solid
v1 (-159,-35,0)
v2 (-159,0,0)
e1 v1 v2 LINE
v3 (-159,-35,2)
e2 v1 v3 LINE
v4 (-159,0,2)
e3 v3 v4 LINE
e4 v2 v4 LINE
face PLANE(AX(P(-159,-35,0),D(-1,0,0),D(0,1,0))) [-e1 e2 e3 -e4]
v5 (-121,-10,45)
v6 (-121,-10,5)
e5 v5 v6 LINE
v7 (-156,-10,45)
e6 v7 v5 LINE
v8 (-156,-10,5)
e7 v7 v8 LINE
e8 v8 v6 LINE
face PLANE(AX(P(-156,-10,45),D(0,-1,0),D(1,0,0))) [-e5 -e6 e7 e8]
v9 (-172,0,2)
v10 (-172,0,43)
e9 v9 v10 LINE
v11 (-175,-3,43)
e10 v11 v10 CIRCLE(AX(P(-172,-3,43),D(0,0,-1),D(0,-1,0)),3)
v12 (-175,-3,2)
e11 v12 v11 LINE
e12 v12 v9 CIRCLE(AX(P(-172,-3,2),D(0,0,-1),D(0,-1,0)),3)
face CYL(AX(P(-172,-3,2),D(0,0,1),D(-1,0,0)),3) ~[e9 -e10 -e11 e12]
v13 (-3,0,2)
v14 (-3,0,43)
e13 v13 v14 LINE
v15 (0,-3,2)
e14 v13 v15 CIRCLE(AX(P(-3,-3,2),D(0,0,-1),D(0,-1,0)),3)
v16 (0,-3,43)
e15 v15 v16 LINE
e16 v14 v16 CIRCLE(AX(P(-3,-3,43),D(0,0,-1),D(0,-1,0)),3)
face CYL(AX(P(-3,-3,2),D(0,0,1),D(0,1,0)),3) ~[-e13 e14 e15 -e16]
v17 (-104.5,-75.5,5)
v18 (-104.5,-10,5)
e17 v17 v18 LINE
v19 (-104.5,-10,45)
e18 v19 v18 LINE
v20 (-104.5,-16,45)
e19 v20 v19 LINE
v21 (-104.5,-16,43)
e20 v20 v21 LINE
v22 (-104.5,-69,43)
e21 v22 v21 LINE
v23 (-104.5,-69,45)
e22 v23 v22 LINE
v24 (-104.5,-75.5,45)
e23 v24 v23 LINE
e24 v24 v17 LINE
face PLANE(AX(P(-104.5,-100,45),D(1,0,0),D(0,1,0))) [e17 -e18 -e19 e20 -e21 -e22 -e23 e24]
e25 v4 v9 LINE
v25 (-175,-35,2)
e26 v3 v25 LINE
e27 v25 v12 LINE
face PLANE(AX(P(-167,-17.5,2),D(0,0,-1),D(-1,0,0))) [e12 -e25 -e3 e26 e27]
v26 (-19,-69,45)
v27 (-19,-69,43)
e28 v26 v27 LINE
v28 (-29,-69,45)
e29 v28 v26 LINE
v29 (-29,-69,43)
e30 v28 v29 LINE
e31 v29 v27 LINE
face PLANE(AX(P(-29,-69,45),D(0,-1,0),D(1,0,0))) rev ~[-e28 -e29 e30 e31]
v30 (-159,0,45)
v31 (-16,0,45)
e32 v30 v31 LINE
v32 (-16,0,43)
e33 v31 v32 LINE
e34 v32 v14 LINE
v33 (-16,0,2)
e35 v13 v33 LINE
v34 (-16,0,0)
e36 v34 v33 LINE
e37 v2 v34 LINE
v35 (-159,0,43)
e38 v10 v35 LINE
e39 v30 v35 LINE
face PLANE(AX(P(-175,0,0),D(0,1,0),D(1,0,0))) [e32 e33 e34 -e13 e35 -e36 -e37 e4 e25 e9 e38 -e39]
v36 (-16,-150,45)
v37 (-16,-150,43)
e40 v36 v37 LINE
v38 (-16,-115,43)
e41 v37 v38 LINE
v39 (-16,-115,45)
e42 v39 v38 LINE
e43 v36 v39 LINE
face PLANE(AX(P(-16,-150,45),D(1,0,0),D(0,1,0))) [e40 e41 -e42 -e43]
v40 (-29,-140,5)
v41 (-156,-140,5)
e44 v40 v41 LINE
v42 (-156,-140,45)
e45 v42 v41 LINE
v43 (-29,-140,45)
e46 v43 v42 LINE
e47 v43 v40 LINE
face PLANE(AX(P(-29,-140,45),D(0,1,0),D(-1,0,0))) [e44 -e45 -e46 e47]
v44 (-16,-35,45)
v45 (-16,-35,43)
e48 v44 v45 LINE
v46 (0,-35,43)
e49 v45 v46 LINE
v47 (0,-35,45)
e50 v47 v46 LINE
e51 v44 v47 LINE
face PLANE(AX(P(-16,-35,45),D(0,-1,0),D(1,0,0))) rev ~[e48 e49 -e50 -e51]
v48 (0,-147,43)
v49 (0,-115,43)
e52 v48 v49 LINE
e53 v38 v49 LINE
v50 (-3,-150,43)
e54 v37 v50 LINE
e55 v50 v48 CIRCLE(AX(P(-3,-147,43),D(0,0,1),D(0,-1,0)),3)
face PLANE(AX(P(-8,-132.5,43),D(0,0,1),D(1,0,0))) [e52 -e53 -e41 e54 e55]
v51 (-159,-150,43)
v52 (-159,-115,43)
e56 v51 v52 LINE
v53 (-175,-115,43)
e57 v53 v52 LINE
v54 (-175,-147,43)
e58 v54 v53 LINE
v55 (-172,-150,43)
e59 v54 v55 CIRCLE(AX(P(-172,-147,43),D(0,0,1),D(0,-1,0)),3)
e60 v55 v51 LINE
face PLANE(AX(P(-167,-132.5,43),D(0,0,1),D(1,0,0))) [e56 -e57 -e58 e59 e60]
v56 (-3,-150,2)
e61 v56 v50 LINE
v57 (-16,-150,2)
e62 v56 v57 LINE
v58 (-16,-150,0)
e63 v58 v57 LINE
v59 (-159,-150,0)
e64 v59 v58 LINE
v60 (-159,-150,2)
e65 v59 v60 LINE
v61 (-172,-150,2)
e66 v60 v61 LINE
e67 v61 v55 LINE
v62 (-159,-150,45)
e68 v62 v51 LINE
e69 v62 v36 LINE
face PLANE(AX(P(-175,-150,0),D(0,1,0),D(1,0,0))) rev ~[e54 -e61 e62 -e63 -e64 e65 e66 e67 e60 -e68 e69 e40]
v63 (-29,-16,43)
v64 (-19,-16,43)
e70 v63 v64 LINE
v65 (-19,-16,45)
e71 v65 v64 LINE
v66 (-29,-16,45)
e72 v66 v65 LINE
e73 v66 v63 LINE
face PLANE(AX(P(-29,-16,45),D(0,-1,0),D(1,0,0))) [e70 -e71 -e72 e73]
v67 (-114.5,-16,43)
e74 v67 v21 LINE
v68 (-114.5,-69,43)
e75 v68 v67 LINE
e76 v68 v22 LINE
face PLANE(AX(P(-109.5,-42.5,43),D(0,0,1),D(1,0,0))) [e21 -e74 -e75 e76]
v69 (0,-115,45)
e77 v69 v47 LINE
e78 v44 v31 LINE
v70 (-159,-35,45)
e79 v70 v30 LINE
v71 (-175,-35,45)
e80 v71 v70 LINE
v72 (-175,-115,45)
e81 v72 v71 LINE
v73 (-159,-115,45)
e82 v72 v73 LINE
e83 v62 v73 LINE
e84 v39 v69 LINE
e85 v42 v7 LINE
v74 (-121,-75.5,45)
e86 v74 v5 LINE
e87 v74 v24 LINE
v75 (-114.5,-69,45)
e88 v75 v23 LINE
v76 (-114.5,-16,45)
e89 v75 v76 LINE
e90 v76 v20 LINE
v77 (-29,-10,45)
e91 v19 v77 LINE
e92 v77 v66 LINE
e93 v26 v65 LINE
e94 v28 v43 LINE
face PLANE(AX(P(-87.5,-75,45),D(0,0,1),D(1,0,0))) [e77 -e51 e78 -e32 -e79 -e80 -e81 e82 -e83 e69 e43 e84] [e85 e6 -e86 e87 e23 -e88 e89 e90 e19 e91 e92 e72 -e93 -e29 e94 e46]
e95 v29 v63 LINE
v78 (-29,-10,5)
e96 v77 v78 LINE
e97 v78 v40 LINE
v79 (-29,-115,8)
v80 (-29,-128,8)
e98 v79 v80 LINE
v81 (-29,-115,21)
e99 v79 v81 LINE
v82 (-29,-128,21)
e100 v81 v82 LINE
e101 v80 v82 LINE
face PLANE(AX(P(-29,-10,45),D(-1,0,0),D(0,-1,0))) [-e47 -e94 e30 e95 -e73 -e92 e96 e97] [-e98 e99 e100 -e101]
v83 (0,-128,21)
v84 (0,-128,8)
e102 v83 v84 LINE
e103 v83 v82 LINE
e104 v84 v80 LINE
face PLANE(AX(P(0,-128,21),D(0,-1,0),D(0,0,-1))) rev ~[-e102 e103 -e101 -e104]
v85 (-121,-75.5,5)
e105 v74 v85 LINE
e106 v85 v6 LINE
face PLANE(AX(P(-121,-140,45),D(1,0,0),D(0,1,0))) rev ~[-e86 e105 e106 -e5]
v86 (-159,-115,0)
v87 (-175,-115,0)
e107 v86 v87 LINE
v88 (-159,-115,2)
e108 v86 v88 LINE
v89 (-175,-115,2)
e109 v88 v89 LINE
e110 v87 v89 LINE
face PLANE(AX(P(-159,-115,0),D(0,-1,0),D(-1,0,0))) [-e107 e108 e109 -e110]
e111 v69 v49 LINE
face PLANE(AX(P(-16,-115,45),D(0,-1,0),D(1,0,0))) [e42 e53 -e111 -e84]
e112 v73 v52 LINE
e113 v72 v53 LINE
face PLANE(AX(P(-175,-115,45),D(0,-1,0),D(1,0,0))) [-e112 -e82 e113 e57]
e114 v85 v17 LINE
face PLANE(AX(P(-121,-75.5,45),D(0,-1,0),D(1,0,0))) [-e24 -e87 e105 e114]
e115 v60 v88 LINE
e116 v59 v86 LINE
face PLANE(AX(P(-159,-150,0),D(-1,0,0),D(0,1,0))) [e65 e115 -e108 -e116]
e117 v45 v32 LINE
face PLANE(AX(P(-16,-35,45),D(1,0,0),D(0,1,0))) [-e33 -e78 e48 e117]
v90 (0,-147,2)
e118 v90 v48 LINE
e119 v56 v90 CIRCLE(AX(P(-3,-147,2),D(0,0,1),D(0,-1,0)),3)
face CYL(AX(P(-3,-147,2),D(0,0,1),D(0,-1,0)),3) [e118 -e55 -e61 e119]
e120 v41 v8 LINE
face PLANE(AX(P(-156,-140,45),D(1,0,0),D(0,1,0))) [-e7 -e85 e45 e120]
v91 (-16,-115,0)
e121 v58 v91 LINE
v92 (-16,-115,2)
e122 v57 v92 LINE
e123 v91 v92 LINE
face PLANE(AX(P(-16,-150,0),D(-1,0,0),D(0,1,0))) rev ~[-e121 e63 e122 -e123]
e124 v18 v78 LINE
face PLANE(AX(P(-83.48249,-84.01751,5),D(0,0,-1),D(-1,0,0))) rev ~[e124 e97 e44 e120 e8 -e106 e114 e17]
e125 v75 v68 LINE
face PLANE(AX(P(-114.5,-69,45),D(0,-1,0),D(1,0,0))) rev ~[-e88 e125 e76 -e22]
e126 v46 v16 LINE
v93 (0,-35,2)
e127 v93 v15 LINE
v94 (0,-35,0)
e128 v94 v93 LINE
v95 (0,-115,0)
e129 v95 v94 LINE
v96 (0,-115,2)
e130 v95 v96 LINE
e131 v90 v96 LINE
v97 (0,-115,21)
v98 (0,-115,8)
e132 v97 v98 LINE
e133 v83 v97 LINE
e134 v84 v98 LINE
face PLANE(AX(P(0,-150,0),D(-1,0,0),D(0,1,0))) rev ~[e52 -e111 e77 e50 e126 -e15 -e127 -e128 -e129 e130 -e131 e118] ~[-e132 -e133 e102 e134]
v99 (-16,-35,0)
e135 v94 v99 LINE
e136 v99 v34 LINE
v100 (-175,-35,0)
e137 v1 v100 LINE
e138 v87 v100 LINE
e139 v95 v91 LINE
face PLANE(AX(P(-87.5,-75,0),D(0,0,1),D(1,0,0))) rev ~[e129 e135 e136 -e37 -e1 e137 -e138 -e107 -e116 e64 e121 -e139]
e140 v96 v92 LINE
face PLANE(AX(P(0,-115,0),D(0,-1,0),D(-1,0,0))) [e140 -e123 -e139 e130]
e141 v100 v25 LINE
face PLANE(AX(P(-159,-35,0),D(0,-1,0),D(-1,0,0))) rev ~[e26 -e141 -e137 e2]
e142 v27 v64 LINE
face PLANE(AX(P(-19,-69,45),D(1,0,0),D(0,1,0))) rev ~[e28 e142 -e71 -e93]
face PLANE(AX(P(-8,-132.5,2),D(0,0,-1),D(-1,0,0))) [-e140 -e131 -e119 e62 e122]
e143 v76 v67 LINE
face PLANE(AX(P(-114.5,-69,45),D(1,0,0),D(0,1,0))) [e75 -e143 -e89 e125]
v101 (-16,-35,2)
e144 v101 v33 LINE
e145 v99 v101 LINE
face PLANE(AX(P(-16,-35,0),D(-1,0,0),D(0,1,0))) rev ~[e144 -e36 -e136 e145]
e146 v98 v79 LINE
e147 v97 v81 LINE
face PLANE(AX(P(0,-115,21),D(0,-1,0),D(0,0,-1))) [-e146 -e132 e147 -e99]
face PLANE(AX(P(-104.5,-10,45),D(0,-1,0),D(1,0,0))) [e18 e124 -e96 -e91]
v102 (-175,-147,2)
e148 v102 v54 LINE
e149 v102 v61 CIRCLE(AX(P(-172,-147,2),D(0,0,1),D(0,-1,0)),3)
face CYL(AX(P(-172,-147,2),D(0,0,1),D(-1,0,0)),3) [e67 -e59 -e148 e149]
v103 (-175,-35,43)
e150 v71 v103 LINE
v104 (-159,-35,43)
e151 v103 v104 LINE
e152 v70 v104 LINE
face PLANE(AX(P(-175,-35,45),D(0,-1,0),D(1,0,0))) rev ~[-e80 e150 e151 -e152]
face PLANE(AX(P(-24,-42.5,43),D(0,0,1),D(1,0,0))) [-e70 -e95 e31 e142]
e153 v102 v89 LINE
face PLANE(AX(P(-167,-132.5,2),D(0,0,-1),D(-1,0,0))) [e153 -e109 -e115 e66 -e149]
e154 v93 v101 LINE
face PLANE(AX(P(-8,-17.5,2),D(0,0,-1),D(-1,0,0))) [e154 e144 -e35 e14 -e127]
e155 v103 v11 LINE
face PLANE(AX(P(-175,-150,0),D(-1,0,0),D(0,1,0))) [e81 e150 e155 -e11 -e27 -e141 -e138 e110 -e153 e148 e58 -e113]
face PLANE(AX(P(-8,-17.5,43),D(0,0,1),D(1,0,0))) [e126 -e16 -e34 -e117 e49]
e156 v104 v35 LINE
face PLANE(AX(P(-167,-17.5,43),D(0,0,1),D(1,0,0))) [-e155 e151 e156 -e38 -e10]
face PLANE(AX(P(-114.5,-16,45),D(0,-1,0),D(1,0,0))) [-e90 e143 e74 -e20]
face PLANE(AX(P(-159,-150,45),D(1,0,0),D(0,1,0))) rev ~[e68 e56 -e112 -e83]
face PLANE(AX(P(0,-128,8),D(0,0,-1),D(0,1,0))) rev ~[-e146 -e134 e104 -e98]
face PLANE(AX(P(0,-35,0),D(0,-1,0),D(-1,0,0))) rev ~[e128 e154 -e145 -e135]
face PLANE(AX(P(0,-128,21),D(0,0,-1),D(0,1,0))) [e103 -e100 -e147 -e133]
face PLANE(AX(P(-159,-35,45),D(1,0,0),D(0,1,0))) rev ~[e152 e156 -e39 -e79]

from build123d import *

# Parameters (mm, degrees)
SKETCH2_W           = 175
SKETCH2_H           = 150
BOSS_EXTRUDE1_DEPTH = 45
CUT_EXTRUDE1_DEPTH  = 40
SKETCH5_W           = 13
SKETCH5_H           = 13
CUT_EXTRUDE3_DEPTH  = 50
SKETCH6_W           = 10
SKETCH6_H           = 53
CUT_EXTRUDE4_DEPTH  = 2
SKETCH7_W           = 35
SKETCH7_H           = 130
CUT_EXTRUDE5_DEPTH  = 40
SKETCH9_W           = 16
SKETCH9_H           = 35
CUT_EXTRUDE6_DEPTH  = 2
SKETCH10_W          = 16.5
SKETCH10_H          = 24.5
CUT_EXTRUDE7_DEPTH  = 40
SKETCH11_W          = 16
SKETCH11_H          = 35
CUT_EXTRUDE8_DEPTH  = 2
FILLET1_R           = 3


with BuildPart() as part:
    # Sketch2 → Boss-Extrude1 (new body)
    with BuildSketch(Plane.XY):
        with Locations((-87.5, -75)):
            Rectangle(SKETCH2_W, SKETCH2_H)
    extrude(amount=BOSS_EXTRUDE1_DEPTH)

    # Sketch3 → Cut-Extrude1 (cut)
    with BuildSketch(Plane.XY.offset(45)):
        Polygon((-104.5, -10), (-29, -10), (-29, -140), (-156, -140), (-156, -100), (-104.5, -100), align=None)
    extrude(amount=-CUT_EXTRUDE1_DEPTH, mode=Mode.SUBTRACT)

    # Sketch5 → Cut-Extrude3 (cut)
    with BuildSketch(Plane(origin=(0, 0, 0), x_dir=(0, 0, -1), z_dir=(1, 0, 0))):
        with Locations((-14.5, -121.5)):
            Rectangle(SKETCH5_W, SKETCH5_H)
    extrude(amount=-CUT_EXTRUDE3_DEPTH, mode=Mode.SUBTRACT)

    # Sketch6 → Cut-Extrude4 (cut)
    with BuildSketch(Plane.XY.offset(45)):
        with Locations((-109.5, -42.5)):
            Rectangle(SKETCH6_W, SKETCH6_H)
        with Locations((-24, -42.5)):
            Rectangle(SKETCH6_W, SKETCH6_H)
    extrude(amount=-CUT_EXTRUDE4_DEPTH, mode=Mode.SUBTRACT)

    # Sketch7 → Cut-Extrude5 (cut)
    with BuildSketch(Plane.XY.offset(45)):
        with Locations((-138.5, -75)):
            Rectangle(SKETCH7_W, SKETCH7_H)
    extrude(amount=-CUT_EXTRUDE5_DEPTH, mode=Mode.SUBTRACT)

    # Sketch9 → Cut-Extrude6 (cut)
    with BuildSketch(Plane.XY.offset(45)):
        with Locations((-167, -17.5)):
            Rectangle(SKETCH9_W, SKETCH9_H)
        with Locations((-167, -132.5)):
            Rectangle(SKETCH9_W, SKETCH9_H)
        with Locations((-8, -132.5)):
            Rectangle(SKETCH9_W, SKETCH9_H)
        with Locations((-8, -17.5)):
            Rectangle(SKETCH9_W, SKETCH9_H)
    extrude(amount=-CUT_EXTRUDE6_DEPTH, mode=Mode.SUBTRACT)

    # Sketch10 → Cut-Extrude7 (cut)
    with BuildSketch(Plane.XY.offset(45)):
        with Locations((-112.75, -87.75)):
            Rectangle(SKETCH10_W, SKETCH10_H)
    extrude(amount=-CUT_EXTRUDE7_DEPTH, mode=Mode.SUBTRACT)

    # Sketch11 → Cut-Extrude8 (cut)
    with BuildSketch(Plane(origin=(0, 0, 0), x_dir=(-1, 0, 0), z_dir=(0, 0, -1))):
        with Locations((8, -17.5)):
            Rectangle(SKETCH11_W, SKETCH11_H)
        with Locations((8, -132.5)):
            Rectangle(SKETCH11_W, SKETCH11_H)
        with Locations((167, -132.5)):
            Rectangle(SKETCH11_W, SKETCH11_H)
        with Locations((167, -17.5)):
            Rectangle(SKETCH11_W, SKETCH11_H)
    extrude(amount=-CUT_EXTRUDE8_DEPTH, mode=Mode.SUBTRACT)

    # Fillet1
    fillet1_edges = [part.edges().sort_by_distance(p)[0] for p in [
        (0, -150, 22.5),
        (-175, -150, 22.5),
        (-175, 0, 22.5),
        (0, 0, 22.5),
    ]]
    fillet(fillet1_edges, radius=FILLET1_R)


solid = part.part
